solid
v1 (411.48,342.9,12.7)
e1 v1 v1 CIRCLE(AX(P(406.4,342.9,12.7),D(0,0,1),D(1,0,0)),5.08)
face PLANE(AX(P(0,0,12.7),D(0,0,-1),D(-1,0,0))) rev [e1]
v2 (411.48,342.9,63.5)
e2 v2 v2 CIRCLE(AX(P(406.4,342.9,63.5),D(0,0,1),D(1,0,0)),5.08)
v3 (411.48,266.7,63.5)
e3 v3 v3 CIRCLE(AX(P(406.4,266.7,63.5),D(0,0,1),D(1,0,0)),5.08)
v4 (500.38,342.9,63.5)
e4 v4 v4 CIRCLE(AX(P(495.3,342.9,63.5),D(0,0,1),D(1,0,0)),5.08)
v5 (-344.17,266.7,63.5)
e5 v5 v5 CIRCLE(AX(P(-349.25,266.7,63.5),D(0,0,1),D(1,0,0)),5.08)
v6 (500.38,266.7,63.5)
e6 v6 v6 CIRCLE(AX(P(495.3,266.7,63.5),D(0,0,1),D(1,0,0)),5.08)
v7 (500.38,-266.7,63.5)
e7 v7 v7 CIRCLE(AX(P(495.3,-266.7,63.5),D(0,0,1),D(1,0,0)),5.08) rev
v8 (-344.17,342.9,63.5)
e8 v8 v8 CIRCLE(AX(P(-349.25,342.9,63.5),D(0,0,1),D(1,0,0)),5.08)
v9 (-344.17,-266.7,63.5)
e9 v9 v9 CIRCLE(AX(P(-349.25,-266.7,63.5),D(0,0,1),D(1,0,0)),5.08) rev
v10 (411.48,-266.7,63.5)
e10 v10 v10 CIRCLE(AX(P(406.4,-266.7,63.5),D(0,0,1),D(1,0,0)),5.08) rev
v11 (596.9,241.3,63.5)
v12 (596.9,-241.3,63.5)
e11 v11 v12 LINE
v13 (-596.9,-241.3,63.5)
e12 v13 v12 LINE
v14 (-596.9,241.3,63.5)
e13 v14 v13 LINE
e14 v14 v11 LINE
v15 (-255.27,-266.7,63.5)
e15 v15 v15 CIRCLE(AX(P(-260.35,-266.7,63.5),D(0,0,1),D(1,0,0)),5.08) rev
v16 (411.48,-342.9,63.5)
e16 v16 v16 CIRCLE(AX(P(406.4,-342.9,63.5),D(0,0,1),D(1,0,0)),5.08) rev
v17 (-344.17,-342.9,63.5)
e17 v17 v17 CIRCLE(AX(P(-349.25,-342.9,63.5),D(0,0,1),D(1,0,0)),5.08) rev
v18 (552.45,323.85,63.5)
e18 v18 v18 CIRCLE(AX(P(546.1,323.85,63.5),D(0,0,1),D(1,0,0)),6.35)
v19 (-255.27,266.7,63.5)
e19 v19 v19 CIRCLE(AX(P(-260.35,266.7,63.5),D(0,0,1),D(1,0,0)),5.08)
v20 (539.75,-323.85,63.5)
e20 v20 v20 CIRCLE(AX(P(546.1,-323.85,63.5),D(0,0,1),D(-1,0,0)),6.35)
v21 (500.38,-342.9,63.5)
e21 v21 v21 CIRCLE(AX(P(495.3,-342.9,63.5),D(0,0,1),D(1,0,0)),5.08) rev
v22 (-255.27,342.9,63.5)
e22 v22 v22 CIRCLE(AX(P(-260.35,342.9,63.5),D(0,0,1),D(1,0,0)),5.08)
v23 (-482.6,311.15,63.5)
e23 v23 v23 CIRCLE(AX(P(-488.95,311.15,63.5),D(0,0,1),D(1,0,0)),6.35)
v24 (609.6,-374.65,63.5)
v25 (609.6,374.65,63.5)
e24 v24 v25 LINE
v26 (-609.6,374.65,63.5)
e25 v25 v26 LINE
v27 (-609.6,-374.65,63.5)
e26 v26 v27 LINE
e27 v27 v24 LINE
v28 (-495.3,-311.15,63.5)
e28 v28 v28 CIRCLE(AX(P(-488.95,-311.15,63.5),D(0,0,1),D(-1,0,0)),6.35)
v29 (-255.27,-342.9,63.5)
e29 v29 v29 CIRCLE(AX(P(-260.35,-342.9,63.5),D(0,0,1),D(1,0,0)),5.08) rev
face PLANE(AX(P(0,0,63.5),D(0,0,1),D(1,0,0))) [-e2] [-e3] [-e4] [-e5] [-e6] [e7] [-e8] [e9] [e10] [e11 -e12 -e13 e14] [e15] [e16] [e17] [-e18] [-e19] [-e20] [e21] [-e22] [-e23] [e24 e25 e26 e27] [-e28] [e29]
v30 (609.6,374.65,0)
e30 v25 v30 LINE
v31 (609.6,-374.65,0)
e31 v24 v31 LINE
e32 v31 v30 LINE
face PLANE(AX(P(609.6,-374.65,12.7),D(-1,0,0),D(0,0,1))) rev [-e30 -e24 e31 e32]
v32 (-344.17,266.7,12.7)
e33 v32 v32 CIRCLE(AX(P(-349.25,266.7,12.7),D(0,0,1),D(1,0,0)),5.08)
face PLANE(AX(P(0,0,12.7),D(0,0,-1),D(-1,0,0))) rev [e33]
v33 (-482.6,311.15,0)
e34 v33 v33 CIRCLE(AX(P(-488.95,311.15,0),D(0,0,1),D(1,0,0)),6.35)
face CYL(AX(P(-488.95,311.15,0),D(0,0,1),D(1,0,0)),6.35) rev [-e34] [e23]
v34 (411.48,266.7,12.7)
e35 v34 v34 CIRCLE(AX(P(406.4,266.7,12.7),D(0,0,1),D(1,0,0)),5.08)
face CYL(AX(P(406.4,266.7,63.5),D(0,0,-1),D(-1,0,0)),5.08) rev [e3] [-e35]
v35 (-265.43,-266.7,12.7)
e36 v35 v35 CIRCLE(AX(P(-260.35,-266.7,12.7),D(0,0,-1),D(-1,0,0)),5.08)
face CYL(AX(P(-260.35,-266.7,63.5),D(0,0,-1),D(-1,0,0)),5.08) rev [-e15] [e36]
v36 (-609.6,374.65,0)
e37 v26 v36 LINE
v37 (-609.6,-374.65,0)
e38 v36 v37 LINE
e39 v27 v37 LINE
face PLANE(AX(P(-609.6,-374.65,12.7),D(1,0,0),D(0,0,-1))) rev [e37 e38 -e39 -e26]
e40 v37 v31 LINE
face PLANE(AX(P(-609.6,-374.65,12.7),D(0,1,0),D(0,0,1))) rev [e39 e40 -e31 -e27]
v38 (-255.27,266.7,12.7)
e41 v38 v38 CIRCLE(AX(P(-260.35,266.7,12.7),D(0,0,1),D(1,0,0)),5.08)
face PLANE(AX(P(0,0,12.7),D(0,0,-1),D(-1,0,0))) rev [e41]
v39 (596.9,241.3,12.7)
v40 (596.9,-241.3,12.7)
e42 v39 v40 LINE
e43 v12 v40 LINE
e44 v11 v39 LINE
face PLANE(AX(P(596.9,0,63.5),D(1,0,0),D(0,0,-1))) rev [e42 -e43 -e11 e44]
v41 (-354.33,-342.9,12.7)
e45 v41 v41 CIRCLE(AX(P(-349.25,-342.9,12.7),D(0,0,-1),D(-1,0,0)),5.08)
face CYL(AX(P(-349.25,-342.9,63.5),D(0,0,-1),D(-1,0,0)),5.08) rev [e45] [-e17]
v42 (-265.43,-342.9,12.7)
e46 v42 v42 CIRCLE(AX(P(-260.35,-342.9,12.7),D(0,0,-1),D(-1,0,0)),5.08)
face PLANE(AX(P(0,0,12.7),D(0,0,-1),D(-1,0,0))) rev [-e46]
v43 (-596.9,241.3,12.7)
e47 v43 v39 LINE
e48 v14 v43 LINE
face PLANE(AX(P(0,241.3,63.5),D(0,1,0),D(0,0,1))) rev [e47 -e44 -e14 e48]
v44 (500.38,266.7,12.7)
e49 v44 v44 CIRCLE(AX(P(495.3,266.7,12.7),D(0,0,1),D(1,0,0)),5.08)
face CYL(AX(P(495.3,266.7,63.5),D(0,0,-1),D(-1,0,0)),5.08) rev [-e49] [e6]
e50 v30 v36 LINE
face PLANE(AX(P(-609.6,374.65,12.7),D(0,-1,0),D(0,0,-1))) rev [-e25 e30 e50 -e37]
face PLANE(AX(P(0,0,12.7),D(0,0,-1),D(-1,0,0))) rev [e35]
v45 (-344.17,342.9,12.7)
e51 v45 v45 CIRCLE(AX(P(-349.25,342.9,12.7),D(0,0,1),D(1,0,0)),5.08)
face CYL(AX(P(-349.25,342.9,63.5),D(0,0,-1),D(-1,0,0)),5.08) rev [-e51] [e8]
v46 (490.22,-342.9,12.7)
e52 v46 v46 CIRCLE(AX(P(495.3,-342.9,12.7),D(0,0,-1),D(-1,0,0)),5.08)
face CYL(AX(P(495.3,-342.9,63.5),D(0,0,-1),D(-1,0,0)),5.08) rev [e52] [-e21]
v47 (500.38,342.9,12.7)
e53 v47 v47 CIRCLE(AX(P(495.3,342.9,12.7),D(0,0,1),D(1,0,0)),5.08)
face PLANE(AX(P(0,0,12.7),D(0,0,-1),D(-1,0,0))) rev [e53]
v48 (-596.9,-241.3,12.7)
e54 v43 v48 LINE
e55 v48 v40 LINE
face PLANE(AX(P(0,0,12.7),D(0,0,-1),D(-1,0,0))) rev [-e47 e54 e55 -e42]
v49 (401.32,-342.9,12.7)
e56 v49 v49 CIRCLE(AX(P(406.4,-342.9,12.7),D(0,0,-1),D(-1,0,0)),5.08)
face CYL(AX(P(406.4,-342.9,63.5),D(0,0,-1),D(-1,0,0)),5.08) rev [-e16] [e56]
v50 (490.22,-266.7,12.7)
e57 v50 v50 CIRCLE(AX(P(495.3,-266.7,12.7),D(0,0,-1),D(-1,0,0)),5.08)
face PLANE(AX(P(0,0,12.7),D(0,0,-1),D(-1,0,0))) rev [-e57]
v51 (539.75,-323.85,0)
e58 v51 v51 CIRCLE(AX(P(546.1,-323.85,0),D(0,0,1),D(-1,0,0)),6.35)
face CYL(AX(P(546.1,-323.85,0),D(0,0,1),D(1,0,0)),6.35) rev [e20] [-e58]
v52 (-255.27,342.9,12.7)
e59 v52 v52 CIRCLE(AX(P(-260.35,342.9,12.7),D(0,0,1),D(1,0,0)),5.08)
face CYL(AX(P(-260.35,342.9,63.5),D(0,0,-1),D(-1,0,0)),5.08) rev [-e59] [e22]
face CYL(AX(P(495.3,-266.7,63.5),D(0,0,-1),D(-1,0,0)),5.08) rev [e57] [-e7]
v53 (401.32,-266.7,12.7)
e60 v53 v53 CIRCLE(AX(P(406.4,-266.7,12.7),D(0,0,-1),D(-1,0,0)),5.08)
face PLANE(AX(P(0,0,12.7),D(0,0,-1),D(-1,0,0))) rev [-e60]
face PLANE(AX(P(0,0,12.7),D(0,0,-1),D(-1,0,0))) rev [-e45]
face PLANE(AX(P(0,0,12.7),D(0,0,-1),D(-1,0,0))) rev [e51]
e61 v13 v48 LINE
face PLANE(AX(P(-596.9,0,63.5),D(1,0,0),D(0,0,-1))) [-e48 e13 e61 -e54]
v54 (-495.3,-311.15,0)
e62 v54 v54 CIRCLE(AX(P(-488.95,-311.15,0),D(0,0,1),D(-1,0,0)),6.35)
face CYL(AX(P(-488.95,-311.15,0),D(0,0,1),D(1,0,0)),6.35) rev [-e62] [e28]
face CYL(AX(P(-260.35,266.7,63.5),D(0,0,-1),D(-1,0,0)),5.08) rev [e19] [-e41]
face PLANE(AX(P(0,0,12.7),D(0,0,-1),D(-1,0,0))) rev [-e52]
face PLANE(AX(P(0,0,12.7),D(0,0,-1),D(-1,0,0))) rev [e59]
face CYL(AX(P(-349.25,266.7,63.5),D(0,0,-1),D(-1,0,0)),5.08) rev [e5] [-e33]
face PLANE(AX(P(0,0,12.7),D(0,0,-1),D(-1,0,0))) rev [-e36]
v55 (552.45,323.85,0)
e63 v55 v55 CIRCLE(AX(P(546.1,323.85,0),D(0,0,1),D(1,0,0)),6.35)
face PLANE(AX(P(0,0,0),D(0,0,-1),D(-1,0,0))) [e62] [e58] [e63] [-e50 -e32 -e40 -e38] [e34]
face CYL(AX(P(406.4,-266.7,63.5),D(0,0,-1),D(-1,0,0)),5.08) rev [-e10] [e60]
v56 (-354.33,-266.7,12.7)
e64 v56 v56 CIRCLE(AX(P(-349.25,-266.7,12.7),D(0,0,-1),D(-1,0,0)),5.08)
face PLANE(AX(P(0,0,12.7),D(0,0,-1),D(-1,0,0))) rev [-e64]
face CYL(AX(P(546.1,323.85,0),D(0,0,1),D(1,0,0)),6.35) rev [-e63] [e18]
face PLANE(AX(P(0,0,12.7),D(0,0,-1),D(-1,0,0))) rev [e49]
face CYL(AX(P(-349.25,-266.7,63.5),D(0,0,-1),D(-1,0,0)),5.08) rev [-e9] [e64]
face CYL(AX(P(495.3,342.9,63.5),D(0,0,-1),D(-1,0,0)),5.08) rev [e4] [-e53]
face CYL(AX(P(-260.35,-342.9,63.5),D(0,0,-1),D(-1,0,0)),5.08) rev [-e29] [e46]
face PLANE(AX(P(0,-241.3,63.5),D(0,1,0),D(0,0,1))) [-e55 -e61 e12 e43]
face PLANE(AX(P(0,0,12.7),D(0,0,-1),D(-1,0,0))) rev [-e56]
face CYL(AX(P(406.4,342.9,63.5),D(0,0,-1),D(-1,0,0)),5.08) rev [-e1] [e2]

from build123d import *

# Parameters (mm, degrees)
SKETCH1_W           = 1219.2
SKETCH1_H           = 749.3
BOSS_EXTRUDE1_DEPTH = 12.7
SKETCH2_W           = 1219.2
SKETCH2_H           = 749.3
SKETCH2_W_2         = 1193.8
SKETCH2_H_2         = 482.6
SKETCH2_R           = 5.08
BOSS_EXTRUDE2_DEPTH = 50.8
SKETCH3_R           = 6.35
CUT_EXTRUDE1_DEPTH  = 719.336294851


with BuildPart() as part:
    # Sketch1 → Boss-Extrude1 (new body)
    with BuildSketch(Plane.XY):
        Rectangle(SKETCH1_W, SKETCH1_H)
    extrude(amount=BOSS_EXTRUDE1_DEPTH)

    # Sketch2 → Boss-Extrude2 (add)
    with BuildSketch(Plane.XY.offset(12.7)):
        Rectangle(SKETCH2_W, SKETCH2_H)
        Rectangle(SKETCH2_W_2, SKETCH2_H_2, mode=Mode.SUBTRACT)
        with Locations(Location((495.3, -266.7, 0), (0, 0, 180))):
            Circle(SKETCH2_R, mode=Mode.SUBTRACT)
        with Locations(Location((406.4, -266.7, 0), (0, 0, 180))):
            Circle(SKETCH2_R, mode=Mode.SUBTRACT)
        with Locations(Location((-349.25, -342.9, 0), (0, 0, 180))):
            Circle(SKETCH2_R, mode=Mode.SUBTRACT)
        with Locations(Location((-349.25, -266.7, 0), (0, 0, 180))):
            Circle(SKETCH2_R, mode=Mode.SUBTRACT)
        with Locations(Location((-260.35, -342.9, 0), (0, 0, 180))):
            Circle(SKETCH2_R, mode=Mode.SUBTRACT)
        with Locations(Location((-260.35, -266.7, 0), (0, 0, 180))):
            Circle(SKETCH2_R, mode=Mode.SUBTRACT)
        with Locations(Location((406.4, -342.9, 0), (0, 0, 180))):
            Circle(SKETCH2_R, mode=Mode.SUBTRACT)
        with Locations(Location((495.3, -342.9, 0), (0, 0, 180))):
            Circle(SKETCH2_R, mode=Mode.SUBTRACT)
        with Locations((406.4, 342.9)):
            Circle(SKETCH2_R, mode=Mode.SUBTRACT)
        with Locations((495.3, 266.7)):
            Circle(SKETCH2_R, mode=Mode.SUBTRACT)
        with Locations((406.4, 266.7)):
            Circle(SKETCH2_R, mode=Mode.SUBTRACT)
        with Locations((495.3, 342.9)):
            Circle(SKETCH2_R, mode=Mode.SUBTRACT)
        with Locations((-260.35, 266.7)):
            Circle(SKETCH2_R, mode=Mode.SUBTRACT)
        with Locations((-349.25, 342.9)):
            Circle(SKETCH2_R, mode=Mode.SUBTRACT)
        with Locations((-349.25, 266.7)):
            Circle(SKETCH2_R, mode=Mode.SUBTRACT)
        with Locations((-260.35, 342.9)):
            Circle(SKETCH2_R, mode=Mode.SUBTRACT)
    extrude(amount=BOSS_EXTRUDE2_DEPTH)

    # Sketch3 → Cut-Extrude1 (cut, through all)
    with BuildSketch(Plane.XY.offset(63.5)):
        with Locations((-488.95, 311.15)):
            Circle(SKETCH3_R)
        with Locations((546.1, 323.85)):
            Circle(SKETCH3_R)
        with Locations(Location((546.1, -323.85, 0), (0, 0, 180))):
            Circle(SKETCH3_R)
        with Locations(Location((-488.95, -311.15, 0), (0, 0, 180))):
            Circle(SKETCH3_R)
    extrude(amount=-CUT_EXTRUDE1_DEPTH, mode=Mode.SUBTRACT)


solid = part.part
